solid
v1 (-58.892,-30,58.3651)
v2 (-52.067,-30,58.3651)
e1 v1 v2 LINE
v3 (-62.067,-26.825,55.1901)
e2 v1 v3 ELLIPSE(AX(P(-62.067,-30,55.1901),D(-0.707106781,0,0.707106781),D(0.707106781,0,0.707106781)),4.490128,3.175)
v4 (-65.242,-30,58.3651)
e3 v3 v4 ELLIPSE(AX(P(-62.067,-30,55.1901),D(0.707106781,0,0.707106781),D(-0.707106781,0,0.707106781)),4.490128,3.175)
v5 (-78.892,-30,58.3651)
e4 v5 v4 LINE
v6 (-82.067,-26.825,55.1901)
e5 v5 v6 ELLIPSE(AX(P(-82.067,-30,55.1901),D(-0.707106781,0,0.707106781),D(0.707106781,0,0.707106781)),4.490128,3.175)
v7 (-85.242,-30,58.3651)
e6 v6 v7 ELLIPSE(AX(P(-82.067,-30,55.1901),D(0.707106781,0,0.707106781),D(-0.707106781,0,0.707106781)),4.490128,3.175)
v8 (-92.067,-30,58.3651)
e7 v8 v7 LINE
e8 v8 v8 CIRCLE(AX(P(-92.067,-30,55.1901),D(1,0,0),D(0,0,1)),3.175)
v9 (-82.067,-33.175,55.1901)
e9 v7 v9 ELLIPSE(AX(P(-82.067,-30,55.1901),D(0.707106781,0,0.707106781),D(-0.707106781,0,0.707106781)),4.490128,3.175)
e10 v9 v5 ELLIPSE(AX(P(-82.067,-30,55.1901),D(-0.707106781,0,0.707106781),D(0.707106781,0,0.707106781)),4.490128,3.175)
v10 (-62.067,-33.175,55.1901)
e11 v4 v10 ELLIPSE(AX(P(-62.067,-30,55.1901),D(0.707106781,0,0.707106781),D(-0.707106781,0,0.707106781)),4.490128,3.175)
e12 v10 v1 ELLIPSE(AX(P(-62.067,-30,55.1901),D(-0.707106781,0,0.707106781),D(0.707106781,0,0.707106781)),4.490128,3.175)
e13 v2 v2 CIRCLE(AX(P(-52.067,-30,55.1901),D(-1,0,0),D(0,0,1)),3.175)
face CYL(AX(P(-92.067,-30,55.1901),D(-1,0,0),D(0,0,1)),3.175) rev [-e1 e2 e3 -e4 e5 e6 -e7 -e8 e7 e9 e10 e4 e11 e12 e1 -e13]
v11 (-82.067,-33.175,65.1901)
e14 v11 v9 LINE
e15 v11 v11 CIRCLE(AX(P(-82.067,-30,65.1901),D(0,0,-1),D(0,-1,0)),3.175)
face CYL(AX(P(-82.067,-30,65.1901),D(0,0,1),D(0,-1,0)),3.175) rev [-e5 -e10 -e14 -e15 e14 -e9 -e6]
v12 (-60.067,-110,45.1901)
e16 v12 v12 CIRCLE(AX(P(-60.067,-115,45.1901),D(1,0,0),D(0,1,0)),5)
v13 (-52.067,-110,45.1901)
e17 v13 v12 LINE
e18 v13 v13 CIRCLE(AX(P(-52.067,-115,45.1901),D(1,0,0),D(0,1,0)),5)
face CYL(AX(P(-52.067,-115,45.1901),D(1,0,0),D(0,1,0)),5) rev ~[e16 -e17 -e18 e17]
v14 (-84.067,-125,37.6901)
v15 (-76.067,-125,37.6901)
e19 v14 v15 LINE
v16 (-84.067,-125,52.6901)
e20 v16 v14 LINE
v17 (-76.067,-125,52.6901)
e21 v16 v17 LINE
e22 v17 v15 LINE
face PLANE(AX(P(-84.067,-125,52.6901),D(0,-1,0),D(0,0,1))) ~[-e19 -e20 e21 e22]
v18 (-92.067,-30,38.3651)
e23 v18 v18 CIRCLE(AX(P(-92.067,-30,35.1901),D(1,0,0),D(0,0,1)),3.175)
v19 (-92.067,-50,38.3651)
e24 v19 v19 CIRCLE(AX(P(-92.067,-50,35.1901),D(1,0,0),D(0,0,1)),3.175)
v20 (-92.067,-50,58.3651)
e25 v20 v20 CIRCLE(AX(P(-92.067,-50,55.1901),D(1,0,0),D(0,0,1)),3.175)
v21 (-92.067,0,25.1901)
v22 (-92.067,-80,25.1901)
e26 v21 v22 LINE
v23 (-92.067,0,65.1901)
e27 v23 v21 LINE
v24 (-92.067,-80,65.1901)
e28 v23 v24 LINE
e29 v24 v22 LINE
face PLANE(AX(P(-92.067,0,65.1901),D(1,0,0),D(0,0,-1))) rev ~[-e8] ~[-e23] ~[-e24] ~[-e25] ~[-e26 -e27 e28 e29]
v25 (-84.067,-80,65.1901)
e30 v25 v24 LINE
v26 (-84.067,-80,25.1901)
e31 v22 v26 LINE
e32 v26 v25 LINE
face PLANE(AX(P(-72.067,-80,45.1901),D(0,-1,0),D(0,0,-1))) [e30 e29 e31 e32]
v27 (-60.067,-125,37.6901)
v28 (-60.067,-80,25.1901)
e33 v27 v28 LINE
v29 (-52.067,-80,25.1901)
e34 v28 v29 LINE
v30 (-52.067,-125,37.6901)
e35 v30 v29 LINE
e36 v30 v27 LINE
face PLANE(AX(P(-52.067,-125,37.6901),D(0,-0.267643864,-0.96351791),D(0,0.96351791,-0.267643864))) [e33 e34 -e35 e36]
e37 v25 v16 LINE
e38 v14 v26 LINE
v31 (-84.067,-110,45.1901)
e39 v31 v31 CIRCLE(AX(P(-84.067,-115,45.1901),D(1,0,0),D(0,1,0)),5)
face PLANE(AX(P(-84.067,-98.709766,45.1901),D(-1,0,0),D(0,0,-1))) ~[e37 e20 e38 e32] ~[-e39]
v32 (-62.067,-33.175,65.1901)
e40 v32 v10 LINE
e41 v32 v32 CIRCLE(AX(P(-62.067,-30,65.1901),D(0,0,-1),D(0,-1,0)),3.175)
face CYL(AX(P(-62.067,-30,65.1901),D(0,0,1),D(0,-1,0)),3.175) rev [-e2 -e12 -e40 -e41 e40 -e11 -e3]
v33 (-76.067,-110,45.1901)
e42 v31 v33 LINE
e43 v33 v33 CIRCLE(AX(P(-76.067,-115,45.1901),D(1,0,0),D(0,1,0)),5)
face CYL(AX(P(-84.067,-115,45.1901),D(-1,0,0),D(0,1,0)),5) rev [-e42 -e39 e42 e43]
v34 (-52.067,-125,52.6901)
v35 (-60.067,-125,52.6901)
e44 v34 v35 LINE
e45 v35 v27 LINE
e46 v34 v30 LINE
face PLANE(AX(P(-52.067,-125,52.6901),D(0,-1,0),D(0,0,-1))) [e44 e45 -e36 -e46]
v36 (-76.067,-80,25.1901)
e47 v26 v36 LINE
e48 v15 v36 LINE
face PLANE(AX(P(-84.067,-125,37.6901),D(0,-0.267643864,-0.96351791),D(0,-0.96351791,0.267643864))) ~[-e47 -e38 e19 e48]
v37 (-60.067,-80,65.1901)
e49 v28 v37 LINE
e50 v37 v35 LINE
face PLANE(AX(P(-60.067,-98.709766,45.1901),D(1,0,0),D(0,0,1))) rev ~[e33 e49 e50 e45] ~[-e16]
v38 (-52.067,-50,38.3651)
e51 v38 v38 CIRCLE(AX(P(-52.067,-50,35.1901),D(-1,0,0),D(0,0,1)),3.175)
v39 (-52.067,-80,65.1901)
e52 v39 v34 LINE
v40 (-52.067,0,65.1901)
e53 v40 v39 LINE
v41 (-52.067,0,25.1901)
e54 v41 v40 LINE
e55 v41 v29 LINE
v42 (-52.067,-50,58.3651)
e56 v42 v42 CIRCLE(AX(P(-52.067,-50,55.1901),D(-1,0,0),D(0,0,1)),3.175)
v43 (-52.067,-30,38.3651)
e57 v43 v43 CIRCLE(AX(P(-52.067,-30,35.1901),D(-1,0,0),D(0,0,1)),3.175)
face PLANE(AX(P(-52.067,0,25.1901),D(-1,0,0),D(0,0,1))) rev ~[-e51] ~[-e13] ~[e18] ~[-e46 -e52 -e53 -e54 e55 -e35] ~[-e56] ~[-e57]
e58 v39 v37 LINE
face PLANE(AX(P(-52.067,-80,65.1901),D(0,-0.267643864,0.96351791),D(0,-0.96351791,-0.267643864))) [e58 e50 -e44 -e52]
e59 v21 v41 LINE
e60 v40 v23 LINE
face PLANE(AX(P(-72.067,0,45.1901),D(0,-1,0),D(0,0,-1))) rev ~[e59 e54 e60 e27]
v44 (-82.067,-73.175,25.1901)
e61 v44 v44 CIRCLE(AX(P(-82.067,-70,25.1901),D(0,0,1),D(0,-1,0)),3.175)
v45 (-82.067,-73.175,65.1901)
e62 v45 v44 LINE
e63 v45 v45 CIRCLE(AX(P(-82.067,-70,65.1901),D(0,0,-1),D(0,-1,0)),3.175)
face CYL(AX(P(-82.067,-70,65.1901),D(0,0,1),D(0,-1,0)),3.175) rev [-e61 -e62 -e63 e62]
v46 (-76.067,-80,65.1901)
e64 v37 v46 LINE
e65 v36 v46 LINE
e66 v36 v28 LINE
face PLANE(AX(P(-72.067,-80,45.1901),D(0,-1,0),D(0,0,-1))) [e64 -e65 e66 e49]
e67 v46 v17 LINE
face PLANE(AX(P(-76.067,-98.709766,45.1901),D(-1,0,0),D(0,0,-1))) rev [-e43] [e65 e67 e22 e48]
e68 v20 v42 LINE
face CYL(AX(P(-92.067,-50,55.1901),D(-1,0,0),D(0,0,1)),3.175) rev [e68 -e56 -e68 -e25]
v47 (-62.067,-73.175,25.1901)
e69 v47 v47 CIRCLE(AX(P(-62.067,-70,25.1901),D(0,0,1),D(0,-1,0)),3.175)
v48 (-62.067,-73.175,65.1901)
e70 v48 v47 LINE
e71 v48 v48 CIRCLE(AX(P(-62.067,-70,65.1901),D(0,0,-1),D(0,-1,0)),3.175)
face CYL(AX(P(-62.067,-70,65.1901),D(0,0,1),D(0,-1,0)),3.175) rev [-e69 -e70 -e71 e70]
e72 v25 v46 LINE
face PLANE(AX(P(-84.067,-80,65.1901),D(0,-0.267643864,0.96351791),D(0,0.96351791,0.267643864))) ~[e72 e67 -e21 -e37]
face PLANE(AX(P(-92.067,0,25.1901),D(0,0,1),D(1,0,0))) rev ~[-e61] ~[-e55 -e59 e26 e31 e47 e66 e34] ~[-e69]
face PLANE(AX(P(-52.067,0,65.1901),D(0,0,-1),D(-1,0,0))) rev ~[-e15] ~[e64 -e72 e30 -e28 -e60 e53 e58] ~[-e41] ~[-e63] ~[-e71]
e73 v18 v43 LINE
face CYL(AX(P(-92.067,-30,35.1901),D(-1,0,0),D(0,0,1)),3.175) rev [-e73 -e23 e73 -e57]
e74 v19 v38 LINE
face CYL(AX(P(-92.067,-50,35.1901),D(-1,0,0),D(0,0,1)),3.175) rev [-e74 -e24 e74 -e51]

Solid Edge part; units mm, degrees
sketch "Sketch1" plane through (0, 0, 0) normal (0, -1, 0) x (1, 0, 0)
  line L0 (-92.067, 25.1901) -> (-52.067, 25.1901)
  line L1 (-52.067, 25.1901) -> (-52.067, 65.1901)
  line L2 (-52.067, 65.1901) -> (-92.067, 65.1901)
  line L3 (-92.067, 65.1901) -> (-92.067, 25.1901)
  dimension "D1" = 40
  dimension "D2" = 40
extrude "Protrusion1" add sketch "Sketch1" along normal blind 80
sketch "Sketch2" plane through (-52.067, -75, 45.1901) normal (1, 0, 0) x (0, 1, 0)
  circle A0 centre (-40, 0) radius 5
  line L0 (-5, 20) -> (-50, 7.5)
  line L1 (-50, 7.5) -> (-50, -7.5)
  line L2 (-50, -7.5) -> (-5, -20)
  line L3 (-5, -20) -> (-5, 20)
  dimension "D1" = 10
  dimension "D2" = 15
  dimension "D3" = 10
  dimension "D4" = 45
extrude "ExtrudedProtrusion_2" add sketch "Sketch2" against normal blind 8
mirror "Mirror1" about plane through (-68.067, -90.8694, 45.1901) normal (1, 0, 0) of "ExtrudedProtrusion_2"
hole "Hole_1" at (-92.067, -50, 55.1901) direction (1, 0, 0) diameter 6.35 end up to next
hole "Hole1" at (-92.067, -30, 35.1901) direction (1, 0, 0) diameter 6.35 end up to next
hole "Hole2" at (-92.067, -50, 35.1901) direction (1, 0, 0) diameter 6.35 end up to next
hole "Hole3" at (-92.067, -30, 55.1901) direction (1, 0, 0) diameter 6.35 end up to next
hole "Hole_5" at (-62.067, -30, 65.1901) direction (0, 0, -1) diameter 6.35 end up to next
hole "Hole4" at (-82.067, -30, 65.1901) direction (0, 0, -1) diameter 6.35 end up to next
hole "Hole5" at (-82.067, -70, 65.1901) direction (0, 0, -1) diameter 6.35 end up to next
hole "Hole6" at (-62.067, -70, 65.1901) direction (0, 0, -1) diameter 6.35 end up to next
properties material "Aluminum, 6061-T6"
